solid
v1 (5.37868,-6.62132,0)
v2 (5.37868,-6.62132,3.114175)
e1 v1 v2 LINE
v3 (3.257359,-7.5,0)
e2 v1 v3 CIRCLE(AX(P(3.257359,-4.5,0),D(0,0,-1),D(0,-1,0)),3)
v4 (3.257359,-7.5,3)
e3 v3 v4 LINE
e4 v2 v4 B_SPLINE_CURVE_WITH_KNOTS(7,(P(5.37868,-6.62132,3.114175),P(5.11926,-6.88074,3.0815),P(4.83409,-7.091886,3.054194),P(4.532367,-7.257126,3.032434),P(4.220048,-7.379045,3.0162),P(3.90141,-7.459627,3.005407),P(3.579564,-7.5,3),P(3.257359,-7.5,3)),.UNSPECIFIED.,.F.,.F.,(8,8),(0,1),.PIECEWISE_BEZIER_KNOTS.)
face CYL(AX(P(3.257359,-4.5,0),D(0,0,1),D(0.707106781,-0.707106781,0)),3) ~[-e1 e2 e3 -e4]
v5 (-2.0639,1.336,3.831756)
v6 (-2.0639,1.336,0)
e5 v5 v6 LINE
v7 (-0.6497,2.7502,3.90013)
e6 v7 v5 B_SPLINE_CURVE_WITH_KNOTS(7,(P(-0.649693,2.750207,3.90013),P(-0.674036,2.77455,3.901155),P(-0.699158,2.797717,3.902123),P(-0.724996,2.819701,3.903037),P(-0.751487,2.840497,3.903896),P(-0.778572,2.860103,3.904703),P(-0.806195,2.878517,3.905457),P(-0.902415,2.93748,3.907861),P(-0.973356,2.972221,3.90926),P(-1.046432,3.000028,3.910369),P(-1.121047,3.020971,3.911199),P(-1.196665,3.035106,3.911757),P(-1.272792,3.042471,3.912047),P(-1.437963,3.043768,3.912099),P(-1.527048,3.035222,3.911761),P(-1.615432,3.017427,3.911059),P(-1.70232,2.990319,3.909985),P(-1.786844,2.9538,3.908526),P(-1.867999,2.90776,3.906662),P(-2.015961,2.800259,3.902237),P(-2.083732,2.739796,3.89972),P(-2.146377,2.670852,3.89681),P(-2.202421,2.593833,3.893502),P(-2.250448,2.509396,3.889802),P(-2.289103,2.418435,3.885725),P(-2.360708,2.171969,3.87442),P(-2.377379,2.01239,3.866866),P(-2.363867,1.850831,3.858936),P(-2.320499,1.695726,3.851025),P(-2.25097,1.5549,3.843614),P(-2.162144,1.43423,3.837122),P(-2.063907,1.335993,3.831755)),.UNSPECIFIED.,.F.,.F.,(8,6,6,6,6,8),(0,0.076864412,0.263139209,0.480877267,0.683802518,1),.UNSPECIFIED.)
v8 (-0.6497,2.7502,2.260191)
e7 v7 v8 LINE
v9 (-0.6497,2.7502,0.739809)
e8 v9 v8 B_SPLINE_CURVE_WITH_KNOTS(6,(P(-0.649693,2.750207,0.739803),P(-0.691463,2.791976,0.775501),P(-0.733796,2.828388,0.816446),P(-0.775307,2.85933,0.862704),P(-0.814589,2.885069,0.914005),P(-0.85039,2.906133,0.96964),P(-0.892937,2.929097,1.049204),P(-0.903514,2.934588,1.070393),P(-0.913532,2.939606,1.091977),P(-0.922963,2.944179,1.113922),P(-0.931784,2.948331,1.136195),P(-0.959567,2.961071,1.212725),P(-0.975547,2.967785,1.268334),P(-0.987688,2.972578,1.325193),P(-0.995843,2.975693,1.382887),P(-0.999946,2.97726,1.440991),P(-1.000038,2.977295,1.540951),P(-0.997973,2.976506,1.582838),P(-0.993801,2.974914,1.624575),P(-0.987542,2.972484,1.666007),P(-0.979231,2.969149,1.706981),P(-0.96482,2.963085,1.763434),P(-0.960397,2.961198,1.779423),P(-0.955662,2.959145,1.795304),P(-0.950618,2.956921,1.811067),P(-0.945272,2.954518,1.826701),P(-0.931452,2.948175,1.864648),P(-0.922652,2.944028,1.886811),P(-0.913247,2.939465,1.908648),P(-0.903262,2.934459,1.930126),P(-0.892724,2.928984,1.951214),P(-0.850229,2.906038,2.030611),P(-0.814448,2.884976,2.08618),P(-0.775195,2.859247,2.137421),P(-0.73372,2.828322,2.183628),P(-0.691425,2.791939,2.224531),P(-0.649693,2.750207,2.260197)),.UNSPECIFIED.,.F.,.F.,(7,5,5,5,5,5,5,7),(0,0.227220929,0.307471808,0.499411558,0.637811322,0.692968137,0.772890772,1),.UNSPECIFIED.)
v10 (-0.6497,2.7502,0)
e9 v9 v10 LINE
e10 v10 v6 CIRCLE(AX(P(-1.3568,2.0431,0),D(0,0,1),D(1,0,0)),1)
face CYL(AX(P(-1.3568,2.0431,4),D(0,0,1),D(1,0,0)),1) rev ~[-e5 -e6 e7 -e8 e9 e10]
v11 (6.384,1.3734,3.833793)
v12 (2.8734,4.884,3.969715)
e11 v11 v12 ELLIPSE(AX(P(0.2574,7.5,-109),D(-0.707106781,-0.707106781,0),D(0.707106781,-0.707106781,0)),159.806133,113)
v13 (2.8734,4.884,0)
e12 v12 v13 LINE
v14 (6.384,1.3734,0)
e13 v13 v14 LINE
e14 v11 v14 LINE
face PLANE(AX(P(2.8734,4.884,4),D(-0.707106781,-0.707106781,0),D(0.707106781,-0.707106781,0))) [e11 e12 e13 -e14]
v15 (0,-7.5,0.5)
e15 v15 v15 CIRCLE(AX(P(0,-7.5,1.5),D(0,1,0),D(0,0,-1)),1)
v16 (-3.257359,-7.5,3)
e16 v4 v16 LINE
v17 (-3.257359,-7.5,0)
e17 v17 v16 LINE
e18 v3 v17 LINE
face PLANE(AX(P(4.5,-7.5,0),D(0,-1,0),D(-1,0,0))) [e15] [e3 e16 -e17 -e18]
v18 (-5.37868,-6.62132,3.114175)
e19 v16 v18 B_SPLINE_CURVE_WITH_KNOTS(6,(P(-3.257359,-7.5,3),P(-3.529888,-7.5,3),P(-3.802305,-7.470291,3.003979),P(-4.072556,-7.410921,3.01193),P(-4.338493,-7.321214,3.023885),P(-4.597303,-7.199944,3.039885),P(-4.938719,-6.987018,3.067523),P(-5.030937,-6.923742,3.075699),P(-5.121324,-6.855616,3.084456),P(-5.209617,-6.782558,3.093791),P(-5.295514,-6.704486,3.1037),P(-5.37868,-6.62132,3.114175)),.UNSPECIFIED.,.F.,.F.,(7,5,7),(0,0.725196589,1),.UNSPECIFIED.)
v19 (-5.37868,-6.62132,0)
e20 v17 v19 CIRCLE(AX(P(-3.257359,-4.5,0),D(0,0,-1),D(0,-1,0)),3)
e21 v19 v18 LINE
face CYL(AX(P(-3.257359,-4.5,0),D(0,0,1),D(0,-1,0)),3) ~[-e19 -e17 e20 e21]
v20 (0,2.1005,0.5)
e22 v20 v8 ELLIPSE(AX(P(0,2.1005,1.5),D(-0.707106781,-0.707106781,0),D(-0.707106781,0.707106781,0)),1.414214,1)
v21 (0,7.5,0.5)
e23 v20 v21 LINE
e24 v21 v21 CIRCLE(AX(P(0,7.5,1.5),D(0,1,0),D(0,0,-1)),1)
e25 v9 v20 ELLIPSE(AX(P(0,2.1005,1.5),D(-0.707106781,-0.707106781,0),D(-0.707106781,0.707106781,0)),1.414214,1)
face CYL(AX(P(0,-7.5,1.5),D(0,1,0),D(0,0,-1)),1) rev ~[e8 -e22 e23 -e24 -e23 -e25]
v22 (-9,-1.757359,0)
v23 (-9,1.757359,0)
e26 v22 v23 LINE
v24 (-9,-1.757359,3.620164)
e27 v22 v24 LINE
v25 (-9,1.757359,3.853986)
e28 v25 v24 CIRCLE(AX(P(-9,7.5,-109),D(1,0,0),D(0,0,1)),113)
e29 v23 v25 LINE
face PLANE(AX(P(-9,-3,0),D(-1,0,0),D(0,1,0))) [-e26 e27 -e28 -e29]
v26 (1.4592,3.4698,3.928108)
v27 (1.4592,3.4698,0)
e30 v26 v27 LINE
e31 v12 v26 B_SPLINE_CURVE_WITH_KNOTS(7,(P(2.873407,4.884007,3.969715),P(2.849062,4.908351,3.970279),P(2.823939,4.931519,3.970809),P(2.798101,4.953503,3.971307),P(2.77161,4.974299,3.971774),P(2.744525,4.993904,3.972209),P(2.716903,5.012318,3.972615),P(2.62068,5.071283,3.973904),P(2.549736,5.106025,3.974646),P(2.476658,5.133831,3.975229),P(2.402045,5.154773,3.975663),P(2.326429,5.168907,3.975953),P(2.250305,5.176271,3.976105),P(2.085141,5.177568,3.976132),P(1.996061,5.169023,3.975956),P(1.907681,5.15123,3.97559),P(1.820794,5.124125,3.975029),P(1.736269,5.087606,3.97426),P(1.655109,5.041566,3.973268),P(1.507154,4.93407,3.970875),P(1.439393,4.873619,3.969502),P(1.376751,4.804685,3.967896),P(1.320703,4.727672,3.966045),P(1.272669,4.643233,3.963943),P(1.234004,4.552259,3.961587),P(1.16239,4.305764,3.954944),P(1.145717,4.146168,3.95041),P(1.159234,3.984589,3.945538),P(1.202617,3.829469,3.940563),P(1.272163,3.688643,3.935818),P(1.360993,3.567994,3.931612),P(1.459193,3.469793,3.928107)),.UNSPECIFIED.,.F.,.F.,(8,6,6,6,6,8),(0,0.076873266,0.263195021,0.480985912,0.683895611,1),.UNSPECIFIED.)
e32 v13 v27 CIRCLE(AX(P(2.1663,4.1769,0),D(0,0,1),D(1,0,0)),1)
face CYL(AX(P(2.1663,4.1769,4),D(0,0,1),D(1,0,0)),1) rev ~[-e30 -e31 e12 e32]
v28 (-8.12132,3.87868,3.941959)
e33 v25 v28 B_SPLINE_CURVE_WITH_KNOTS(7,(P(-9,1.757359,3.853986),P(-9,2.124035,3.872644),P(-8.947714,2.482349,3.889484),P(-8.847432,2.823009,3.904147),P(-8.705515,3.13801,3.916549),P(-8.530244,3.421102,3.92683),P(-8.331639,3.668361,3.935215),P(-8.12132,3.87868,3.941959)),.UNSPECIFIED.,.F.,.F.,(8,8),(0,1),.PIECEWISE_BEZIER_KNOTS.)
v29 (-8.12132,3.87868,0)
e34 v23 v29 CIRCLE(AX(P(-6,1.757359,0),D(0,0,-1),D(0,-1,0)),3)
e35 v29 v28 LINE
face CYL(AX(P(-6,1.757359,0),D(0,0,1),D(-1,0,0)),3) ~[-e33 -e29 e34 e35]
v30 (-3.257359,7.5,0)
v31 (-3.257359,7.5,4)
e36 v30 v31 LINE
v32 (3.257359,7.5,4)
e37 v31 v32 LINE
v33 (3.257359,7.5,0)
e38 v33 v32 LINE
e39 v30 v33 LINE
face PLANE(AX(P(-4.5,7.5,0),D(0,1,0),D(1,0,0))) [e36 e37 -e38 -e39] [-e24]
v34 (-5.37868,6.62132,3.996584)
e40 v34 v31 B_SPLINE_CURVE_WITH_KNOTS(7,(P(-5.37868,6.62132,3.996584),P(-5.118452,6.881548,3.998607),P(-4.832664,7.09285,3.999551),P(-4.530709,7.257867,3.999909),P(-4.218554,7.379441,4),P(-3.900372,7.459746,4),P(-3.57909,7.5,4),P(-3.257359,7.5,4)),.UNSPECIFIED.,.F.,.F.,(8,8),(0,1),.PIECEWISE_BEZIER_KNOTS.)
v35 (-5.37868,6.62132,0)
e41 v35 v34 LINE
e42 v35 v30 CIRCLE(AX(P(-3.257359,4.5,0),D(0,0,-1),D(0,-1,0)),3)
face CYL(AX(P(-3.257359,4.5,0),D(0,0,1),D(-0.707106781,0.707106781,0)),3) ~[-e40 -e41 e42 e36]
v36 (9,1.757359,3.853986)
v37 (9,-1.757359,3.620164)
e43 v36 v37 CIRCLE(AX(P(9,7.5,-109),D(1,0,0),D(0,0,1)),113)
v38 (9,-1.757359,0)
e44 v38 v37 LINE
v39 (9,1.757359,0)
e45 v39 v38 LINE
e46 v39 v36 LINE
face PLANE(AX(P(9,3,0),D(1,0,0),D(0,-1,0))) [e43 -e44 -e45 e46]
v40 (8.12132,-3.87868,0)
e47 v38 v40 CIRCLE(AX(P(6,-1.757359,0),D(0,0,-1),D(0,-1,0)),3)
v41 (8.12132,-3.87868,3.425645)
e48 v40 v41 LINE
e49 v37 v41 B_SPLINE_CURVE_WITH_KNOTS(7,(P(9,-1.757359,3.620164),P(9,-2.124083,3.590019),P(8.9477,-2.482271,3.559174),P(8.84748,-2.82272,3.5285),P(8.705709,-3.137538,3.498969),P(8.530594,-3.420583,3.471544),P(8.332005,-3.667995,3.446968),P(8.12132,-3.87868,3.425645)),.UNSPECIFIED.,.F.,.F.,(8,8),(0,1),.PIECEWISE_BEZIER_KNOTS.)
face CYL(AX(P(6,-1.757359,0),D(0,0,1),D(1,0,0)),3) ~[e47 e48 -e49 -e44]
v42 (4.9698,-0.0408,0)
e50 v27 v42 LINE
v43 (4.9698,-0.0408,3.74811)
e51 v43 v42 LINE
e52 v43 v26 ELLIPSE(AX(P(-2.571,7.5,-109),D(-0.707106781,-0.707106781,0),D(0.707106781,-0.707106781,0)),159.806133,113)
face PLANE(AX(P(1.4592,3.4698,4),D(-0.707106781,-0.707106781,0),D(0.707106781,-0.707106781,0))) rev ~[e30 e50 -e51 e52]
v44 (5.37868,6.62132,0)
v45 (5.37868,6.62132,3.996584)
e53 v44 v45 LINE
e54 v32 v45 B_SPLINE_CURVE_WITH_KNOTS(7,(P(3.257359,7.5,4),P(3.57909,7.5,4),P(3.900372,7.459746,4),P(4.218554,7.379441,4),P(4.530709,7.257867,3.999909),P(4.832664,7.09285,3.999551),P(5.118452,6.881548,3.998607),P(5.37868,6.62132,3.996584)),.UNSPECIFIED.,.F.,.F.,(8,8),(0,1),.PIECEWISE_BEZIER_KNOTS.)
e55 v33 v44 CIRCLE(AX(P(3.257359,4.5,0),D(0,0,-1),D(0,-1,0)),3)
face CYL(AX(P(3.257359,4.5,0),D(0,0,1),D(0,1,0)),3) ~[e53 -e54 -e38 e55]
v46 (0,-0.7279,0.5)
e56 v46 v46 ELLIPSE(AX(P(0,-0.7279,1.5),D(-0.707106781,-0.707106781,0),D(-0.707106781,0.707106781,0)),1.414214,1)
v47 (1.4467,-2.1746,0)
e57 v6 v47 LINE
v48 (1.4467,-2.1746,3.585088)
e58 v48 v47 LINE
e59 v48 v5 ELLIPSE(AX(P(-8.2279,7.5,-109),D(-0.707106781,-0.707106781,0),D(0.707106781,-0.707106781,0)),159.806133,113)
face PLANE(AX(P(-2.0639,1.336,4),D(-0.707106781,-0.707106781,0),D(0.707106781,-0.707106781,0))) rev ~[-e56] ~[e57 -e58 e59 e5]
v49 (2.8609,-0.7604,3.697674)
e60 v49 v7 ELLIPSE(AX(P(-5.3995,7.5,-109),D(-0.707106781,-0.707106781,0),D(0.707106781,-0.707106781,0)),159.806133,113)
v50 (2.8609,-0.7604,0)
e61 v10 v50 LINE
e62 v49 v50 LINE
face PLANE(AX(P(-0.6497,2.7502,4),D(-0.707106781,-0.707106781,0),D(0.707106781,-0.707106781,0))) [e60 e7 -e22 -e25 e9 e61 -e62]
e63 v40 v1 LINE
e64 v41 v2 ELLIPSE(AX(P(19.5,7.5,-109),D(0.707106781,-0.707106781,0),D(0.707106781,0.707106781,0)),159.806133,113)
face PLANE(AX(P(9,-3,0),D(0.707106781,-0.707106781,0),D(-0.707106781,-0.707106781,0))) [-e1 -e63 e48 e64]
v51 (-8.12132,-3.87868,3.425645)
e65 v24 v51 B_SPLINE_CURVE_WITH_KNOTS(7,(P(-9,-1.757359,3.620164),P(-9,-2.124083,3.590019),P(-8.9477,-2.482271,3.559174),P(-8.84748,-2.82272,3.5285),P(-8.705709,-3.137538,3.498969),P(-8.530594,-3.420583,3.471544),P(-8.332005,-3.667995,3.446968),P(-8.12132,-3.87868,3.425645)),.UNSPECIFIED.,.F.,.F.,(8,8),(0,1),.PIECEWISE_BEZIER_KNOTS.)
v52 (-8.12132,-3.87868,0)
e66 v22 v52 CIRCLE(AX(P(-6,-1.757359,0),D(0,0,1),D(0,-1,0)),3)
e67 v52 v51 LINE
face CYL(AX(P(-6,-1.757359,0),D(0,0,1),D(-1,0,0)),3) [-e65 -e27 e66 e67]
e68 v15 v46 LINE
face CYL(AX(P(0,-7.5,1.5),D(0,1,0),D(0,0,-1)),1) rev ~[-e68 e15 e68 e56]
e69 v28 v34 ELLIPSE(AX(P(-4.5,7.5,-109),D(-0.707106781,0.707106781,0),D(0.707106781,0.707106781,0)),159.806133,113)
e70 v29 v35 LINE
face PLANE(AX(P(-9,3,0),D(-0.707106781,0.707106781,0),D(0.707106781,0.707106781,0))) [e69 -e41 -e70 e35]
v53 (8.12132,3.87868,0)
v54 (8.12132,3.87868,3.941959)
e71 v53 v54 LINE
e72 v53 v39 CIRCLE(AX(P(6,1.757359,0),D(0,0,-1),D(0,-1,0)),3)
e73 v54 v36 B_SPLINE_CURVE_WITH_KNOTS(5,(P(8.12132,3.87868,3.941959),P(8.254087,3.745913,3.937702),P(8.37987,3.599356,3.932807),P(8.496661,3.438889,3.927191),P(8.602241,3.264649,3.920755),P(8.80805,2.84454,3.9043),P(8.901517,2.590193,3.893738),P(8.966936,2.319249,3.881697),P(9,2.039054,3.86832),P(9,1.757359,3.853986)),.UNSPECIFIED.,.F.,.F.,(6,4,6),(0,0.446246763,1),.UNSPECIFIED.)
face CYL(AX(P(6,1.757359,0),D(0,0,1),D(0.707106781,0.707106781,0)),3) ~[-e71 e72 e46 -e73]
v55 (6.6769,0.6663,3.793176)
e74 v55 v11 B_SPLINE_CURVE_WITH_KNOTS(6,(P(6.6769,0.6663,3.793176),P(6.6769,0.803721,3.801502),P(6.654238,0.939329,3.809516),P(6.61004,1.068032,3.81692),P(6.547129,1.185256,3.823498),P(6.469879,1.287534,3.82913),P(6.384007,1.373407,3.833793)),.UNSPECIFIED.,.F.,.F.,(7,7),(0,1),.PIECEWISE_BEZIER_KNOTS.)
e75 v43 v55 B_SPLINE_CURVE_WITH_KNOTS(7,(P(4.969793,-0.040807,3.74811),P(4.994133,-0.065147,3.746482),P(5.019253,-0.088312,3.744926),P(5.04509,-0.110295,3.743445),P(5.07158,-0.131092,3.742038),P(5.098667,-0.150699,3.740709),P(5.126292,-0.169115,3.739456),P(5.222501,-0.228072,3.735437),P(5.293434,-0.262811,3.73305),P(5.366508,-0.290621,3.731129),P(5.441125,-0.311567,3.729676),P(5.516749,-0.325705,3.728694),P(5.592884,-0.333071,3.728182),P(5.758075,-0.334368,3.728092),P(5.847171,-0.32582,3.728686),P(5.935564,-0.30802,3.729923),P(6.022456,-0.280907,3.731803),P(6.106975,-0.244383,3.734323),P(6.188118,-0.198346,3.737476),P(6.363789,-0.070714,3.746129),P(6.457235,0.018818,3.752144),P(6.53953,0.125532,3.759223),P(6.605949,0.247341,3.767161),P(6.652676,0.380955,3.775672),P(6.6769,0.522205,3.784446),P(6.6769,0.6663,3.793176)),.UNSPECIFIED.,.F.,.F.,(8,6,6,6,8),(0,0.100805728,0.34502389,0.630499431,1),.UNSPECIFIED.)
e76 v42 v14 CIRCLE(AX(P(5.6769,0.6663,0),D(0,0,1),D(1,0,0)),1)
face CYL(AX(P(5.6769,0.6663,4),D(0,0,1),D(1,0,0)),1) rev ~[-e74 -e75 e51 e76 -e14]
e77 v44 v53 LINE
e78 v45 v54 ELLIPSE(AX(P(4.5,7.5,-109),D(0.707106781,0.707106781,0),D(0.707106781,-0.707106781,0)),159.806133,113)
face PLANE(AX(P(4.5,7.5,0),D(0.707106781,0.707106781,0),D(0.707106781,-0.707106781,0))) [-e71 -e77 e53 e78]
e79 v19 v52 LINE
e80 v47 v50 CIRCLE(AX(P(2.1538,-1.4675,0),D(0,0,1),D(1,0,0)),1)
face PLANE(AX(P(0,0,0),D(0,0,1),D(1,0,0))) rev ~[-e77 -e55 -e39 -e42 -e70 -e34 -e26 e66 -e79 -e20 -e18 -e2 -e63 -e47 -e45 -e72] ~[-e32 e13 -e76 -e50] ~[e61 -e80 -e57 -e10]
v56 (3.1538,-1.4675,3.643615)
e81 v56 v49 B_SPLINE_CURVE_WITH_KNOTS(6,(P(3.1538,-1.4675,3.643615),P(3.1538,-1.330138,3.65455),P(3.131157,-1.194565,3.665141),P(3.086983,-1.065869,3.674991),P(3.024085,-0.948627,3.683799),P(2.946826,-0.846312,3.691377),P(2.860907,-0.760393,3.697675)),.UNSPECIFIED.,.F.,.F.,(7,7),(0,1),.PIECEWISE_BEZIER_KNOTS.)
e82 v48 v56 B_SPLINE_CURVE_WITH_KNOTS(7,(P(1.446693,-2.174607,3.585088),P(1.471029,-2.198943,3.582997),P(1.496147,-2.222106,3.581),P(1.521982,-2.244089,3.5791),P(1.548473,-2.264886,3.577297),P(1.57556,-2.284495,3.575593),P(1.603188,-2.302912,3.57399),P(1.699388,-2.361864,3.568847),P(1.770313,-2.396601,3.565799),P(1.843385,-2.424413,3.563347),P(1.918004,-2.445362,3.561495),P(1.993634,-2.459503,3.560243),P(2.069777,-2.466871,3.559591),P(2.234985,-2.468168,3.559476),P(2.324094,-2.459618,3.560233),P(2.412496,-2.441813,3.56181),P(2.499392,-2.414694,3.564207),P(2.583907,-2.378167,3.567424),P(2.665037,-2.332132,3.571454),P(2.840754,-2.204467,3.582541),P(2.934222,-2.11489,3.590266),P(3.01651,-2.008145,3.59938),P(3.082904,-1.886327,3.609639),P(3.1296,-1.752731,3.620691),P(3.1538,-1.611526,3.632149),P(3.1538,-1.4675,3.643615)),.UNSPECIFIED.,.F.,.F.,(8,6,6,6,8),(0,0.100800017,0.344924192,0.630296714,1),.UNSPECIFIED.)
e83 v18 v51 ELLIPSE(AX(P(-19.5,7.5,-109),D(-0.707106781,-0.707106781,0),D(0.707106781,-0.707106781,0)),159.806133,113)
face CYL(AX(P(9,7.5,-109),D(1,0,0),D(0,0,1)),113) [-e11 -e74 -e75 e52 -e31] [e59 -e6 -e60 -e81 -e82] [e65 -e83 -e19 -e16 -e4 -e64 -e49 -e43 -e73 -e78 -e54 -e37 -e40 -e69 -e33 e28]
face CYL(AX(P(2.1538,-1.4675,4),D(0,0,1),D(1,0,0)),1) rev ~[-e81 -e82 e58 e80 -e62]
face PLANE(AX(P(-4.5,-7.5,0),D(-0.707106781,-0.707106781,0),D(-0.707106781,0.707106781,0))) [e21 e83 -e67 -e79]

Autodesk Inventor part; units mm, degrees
ref_plane "YZ Plane" through (0, 0, 0) normal (1, 0, 0) x (0, 1, 0)
ref_plane "XZ Plane" through (0, 0, 0) normal (0, 1, 0) x (-1, 0, 0)
ref_plane "XY Plane" through (0, 0, 0) normal (0, 0, 1) x (1, 0, 0)
sketch "Base" plane through (0, 0, 0) normal (0, 0, 1) x (1, 0, 0)
  line L0 (-9, -3) -> (-9, 3)
  line L1 (-9, 3) -> (-4.5, 7.5)
  line L2 (-4.5, 7.5) -> (4.5, 7.5)
  line L3 (4.5, 7.5) -> (9, 3)
  line L4 (9, 3) -> (9, -3)
  line L5 (9, -3) -> (4.5, -7.5)
  line L6 (4.5, -7.5) -> (-4.5, -7.5)
  line L7 (-4.5, -7.5) -> (-9, -3)
  line L8 (-9, 0) -> (9, 0) construction
  line L9 (0, 7.5) -> (0, -7.5) construction
  point P0 (0, 0)
  point P1 (0, 0)
  dimension "d1" = 18
  dimension "d5" = 15
  dimension "d7" = 6
extrude "BaseFeature" add sketch "Base" along normal blind 4
fillet "BaseFilletsFeature" radius 3 8 edges at (-9, -3, 2) (-4.5, -7.5, 2) (4.5, -7.5, 2) (9, -3, 2) (9, 3, 2) (4.5, 7.5, 2) (-4.5, 7.5, 2) (-9, 3, 2)
sketch "RailHoles" plane through (0, 0, 4) normal (0, 0, 1) x (1, 0, 0)
  line L0 (2.1663, 4.1769) -> (5.6769, 0.6663) construction
  line L1 (-1.3568, 2.0431) -> (2.1538, -1.4675) construction
  line L2 (8.1213, 3.8787) -> (5.3787, 6.6213) construction
  line L3 (6.75, 5.25) -> (3.9216, 2.4216) construction
  circle A0 centre (2.1663, 4.1769) radius 1
  circle A1 centre (5.6769, 0.6663) radius 1
  circle A2 centre (-1.3568, 2.0431) radius 1
  circle A3 centre (2.1538, -1.4675) radius 1
  line L4 (2.8734, 4.884) -> (6.384, 1.3734)
  line L5 (1.4592, 3.4698) -> (4.9698, -0.0408)
  line L6 (-0.6497, 2.7502) -> (2.8609, -0.7604)
  line L7 (-2.0639, 1.336) -> (1.4467, -2.1746)
  dimension "d11" = 4
  dimension "d12" = 4
  dimension "d13" = 4.9647
  dimension "d14" = 2
  dimension "d15" = 1.5
  dimension "d25" = 3.8787
extrude "RailHolesFeature" cut sketch "RailHoles" against normal through all
sketch "RouteHole" plane through (-3.2574, -7.5, 0) normal (0, -1, 0) x (1, 0, 0)
  line L0 (6.5147, 4) -> (6.5147, 0) construction
  line L1 (0, 4) -> (6.5147, 4) construction
  line L2 (0, 0) -> (0, 4) construction
  line L3 (6.5147, 0) -> (0, 0) construction
  line L4 (0, 4) -> (0, 0) construction
  line L5 (0, 4) -> (6.5147, 4) construction
  line L6 (3.2574, 4) -> (3.2574, 0) construction
  line L7 (6.5147, 0) -> (0, 0) construction
  circle A0 centre (3.2574, 1.5) radius 1.25
  dimension "d40" = 2.5
  dimension "d41" = 1.5
hole "RouteHoleFeature" at (0, -7.5, 1.5) direction (0, 1, 0) diameter 2 end through all
sketch "SideProfile" plane through (9, -1.7574, 0) normal (1, 0, 0) x (0, 0, -1)
  arc A0 (-4, 9.2574) -> (-3, -5.7426) centre (109, 9.2574) ccw
  line L0 (-4, -5.7426) -> (0, -5.7426) construction
  line L1 (0, 9.2574) -> (-4, 9.2574) construction
  line L2 (-3, -5.7426) -> (0, -5.7426)
  line L3 (0, 9.2574) -> (0, -5.7426)
  line L4 (0, 9.2574) -> (0, 8.3787) projected
  line L5 (0, 9.2574) -> (-4, 9.2574)
  line L6 (-4, -2.1213) -> (-4, 0) construction
  dimension "d36" = 4
  dimension "d39" = 3
extrude "SideProfileFeature" cut sketch "SideProfile" against normal through all keep common part
equation "\"d7\" = 0.4 * d5"
equation "\"d12\" = 2 * d14"
equation "\"d13\" = 1.28 * d25"
properties part number "IndexRouter"
